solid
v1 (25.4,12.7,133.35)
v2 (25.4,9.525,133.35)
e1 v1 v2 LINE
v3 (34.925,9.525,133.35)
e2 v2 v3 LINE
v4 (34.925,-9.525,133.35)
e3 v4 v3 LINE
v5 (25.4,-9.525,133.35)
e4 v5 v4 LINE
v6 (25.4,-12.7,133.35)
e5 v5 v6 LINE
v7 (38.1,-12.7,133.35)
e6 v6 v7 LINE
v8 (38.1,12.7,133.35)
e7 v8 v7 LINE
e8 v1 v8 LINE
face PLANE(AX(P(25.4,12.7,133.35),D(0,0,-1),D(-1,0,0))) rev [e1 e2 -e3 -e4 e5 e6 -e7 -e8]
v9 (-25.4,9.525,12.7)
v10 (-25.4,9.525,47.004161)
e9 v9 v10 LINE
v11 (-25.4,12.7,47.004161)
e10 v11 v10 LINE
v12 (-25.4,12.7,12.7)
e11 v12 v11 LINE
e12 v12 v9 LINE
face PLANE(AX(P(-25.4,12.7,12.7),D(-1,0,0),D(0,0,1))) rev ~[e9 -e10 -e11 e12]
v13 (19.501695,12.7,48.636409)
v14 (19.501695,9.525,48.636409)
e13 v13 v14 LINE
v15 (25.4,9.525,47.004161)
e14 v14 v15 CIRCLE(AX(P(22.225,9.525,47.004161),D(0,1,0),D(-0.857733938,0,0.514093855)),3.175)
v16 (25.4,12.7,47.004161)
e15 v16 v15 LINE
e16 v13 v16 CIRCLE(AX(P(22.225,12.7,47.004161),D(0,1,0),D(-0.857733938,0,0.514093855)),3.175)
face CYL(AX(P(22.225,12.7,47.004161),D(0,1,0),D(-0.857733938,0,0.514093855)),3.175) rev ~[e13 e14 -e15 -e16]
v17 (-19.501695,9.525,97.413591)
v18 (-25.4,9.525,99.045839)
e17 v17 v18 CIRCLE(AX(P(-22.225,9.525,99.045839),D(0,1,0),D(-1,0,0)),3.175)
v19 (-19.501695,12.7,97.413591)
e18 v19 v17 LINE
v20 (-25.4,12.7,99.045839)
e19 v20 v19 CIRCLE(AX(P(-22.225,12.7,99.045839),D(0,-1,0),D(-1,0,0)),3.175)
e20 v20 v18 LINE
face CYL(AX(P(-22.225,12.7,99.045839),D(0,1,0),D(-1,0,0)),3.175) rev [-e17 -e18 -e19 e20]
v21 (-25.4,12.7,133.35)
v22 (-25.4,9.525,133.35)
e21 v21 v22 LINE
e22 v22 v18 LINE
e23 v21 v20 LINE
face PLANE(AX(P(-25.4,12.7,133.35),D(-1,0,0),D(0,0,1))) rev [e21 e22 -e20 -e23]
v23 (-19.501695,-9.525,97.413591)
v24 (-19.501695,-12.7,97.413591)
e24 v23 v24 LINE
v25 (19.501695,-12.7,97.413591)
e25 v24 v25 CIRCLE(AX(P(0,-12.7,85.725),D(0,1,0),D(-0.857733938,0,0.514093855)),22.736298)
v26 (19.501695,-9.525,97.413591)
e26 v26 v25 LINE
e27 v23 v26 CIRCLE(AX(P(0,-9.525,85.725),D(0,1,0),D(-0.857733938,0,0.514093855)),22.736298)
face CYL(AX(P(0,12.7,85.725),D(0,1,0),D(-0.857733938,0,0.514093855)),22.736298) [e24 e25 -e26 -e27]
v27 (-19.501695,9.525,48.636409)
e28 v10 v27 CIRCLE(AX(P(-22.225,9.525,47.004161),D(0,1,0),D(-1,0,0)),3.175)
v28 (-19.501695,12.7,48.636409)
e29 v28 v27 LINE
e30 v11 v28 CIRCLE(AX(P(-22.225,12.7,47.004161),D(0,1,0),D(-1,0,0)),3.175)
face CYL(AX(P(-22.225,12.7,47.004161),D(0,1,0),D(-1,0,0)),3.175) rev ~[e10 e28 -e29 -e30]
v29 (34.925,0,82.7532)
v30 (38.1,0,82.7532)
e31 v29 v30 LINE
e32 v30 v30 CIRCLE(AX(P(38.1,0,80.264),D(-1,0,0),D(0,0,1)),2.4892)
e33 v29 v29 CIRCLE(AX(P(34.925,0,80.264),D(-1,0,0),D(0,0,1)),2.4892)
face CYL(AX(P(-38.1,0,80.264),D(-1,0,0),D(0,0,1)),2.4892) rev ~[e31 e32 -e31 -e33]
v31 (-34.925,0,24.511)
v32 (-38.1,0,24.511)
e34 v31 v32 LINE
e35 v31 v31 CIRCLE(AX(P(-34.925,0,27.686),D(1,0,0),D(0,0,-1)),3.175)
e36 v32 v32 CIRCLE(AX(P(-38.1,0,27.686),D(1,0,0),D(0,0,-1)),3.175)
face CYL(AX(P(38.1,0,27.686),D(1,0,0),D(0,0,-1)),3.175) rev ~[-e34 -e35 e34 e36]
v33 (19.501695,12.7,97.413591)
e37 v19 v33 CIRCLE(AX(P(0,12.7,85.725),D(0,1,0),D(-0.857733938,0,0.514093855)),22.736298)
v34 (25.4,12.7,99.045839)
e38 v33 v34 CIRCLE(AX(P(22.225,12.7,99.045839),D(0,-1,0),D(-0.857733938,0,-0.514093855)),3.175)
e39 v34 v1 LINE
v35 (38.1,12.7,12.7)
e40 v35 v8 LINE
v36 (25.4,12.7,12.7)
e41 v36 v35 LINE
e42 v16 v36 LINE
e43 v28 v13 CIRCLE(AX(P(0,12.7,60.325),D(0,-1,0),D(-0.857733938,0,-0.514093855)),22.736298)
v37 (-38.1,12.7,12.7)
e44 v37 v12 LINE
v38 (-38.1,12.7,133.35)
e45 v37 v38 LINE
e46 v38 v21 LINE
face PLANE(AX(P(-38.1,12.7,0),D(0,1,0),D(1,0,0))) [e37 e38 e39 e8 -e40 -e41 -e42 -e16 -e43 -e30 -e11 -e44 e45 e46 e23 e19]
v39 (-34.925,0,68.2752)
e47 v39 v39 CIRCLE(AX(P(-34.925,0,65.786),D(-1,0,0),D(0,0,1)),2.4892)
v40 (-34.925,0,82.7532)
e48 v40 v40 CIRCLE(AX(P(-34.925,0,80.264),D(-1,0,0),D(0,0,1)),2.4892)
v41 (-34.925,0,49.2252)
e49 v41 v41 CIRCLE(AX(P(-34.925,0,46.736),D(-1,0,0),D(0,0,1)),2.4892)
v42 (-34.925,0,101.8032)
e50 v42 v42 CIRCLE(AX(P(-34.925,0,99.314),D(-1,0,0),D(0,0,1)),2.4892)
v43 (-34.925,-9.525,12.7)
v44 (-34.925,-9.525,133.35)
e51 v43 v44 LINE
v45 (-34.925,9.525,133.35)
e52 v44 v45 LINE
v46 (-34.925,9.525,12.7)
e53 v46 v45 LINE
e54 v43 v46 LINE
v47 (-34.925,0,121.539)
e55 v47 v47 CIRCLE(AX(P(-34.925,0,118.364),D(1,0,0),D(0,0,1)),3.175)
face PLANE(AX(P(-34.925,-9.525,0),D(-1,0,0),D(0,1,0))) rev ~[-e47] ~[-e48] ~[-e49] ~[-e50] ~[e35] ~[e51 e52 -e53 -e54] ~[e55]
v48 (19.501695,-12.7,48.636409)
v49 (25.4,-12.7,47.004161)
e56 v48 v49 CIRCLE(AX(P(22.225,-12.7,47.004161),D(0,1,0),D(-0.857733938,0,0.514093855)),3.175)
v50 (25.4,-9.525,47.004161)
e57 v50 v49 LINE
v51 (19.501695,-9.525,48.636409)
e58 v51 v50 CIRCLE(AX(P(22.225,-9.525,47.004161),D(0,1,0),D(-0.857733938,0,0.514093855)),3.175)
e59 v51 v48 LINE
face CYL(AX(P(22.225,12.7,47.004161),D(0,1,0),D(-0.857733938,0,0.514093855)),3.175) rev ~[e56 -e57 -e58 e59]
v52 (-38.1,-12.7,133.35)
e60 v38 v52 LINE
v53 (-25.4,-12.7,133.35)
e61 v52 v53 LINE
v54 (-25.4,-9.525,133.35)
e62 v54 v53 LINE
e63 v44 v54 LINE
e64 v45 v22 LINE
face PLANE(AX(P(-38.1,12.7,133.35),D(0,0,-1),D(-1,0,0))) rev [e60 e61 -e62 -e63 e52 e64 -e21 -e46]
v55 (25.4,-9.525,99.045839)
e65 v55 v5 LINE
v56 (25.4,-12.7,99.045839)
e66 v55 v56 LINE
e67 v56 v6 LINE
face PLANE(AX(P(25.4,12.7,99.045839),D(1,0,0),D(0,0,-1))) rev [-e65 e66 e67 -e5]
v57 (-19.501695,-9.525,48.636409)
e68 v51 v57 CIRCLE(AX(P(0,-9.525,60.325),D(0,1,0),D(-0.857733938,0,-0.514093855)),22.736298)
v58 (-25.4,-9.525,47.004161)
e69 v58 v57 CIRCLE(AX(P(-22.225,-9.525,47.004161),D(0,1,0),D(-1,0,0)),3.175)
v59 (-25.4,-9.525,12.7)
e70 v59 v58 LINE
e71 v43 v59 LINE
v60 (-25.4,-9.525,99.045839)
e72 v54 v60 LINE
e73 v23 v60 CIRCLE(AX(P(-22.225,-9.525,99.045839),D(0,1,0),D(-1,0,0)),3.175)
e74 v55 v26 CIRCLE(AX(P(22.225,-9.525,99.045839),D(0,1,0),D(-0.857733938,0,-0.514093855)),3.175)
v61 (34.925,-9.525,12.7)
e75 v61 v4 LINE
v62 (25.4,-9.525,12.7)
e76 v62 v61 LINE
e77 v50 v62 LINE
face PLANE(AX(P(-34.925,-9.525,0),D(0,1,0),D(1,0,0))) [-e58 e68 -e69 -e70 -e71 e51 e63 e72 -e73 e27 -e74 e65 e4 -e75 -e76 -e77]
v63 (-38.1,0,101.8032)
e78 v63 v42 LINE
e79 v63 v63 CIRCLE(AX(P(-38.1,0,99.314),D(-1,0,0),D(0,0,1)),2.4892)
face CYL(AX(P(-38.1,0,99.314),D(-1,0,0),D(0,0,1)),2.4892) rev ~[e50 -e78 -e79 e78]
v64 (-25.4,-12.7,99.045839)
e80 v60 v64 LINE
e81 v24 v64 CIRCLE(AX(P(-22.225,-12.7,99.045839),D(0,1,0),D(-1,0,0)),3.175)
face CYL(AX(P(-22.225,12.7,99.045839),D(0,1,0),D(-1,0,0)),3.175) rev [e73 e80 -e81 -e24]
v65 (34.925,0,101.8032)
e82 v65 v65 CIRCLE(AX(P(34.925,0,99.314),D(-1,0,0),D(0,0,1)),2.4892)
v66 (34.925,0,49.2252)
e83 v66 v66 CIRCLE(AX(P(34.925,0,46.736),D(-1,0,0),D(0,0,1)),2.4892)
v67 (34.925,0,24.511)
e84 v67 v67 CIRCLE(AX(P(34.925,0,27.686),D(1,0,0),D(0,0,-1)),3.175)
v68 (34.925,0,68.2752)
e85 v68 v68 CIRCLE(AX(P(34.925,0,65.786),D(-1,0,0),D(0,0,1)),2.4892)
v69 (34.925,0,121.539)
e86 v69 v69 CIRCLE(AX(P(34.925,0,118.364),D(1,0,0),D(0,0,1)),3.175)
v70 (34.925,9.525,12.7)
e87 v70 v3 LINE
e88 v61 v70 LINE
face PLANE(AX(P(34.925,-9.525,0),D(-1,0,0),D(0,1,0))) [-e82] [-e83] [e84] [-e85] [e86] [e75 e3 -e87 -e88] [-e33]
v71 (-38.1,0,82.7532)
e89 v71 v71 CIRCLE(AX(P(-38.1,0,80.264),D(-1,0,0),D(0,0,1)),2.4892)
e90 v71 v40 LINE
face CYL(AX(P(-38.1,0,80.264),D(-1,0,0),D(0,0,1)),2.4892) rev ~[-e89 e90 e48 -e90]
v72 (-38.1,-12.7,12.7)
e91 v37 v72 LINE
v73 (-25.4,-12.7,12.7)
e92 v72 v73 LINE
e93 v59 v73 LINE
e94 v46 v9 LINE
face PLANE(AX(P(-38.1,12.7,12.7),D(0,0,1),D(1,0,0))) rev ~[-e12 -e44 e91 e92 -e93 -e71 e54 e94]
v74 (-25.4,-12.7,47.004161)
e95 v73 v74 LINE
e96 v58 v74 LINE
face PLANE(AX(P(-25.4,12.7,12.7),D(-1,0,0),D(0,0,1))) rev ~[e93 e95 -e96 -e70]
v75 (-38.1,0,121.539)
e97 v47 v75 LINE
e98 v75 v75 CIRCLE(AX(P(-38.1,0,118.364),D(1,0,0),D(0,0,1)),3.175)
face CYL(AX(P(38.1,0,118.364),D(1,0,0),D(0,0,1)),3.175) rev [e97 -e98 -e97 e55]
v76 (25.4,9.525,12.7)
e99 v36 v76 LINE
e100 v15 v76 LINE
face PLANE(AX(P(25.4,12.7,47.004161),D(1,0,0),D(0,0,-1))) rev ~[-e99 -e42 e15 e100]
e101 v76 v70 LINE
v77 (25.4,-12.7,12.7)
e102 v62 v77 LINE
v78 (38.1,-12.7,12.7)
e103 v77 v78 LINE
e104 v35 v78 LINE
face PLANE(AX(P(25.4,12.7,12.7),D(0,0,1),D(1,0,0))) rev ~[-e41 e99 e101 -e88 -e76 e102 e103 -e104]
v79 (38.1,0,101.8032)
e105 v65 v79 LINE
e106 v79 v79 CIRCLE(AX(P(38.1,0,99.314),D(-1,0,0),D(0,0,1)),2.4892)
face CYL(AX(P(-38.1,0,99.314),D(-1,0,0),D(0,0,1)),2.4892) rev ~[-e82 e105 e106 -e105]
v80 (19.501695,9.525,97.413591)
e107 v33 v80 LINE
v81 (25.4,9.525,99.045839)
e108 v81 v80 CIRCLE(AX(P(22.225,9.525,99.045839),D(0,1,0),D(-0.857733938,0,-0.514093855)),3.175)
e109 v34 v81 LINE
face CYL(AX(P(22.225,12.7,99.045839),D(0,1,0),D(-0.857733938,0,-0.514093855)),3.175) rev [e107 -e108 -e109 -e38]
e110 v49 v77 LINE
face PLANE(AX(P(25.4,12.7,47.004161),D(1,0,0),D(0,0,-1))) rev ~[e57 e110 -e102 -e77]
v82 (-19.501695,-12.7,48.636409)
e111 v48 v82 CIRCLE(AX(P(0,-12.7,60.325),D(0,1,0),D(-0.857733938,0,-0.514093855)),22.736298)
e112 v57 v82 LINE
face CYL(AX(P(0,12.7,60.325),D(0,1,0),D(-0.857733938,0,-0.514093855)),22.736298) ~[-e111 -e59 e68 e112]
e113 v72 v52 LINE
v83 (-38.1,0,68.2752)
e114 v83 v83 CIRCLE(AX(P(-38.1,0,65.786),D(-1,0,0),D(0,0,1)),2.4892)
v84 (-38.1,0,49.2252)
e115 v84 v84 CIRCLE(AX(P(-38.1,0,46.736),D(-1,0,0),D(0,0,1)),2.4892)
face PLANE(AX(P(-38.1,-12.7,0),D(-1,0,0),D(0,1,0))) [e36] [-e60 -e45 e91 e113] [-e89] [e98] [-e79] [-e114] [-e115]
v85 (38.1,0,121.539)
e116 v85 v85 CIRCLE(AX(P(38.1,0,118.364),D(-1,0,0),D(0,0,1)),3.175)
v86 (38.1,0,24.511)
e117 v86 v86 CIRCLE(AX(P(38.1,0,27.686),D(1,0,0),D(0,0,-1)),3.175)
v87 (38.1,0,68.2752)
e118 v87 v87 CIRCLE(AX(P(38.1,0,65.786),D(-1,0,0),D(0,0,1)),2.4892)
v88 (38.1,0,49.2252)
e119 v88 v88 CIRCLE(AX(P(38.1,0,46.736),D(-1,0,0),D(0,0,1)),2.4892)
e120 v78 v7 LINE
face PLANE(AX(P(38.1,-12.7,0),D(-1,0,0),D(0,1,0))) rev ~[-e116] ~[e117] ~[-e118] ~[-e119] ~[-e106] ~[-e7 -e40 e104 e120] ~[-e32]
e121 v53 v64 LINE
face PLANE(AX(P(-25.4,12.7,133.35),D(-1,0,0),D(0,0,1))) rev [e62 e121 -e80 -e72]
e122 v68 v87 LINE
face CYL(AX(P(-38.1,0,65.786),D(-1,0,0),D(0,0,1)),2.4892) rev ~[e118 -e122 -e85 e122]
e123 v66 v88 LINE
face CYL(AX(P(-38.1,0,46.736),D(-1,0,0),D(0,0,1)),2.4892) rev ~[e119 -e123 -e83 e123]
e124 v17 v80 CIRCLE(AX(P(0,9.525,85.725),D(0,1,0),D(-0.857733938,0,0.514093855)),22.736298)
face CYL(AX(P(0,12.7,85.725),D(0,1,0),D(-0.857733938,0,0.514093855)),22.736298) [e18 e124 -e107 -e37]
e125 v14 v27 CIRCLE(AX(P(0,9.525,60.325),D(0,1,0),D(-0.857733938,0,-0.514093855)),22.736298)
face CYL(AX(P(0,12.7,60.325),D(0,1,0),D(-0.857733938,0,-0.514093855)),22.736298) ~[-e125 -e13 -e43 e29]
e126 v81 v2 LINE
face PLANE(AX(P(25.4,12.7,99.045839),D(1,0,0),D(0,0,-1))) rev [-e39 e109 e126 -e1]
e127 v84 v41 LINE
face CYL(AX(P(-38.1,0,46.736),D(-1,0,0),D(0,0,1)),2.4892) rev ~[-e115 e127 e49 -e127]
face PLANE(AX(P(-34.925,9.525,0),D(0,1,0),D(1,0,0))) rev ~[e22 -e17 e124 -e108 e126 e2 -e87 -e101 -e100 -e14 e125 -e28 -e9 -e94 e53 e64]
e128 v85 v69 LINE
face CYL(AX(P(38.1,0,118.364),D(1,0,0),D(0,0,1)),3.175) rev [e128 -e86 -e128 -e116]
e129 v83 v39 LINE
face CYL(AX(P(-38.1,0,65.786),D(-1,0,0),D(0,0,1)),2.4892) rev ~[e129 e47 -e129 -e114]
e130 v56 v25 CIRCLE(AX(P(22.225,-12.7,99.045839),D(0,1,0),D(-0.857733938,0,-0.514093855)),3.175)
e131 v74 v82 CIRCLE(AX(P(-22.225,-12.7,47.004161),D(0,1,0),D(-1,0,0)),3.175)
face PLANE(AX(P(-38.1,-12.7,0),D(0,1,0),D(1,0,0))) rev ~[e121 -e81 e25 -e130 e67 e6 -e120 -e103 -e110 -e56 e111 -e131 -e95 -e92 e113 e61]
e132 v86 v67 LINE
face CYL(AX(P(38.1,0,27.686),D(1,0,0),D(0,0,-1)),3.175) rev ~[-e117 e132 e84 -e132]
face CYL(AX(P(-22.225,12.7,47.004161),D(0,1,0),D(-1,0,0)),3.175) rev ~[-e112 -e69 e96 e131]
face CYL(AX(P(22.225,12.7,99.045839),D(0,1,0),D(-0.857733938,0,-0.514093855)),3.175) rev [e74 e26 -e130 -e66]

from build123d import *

# Parameters (mm, degrees)
SKETCH1_W           = 76.2
SKETCH1_H           = 25.4
SKETCH1_W_2         = 69.85
SKETCH1_H_2         = 19.05
EXTRUDE_THIN1_DEPTH = 146.05
CUT_EXTRUDE7_DEPTH  = 26.4
SKETCH7_R           = 3.175
CUT_EXTRUDE8_DEPTH  = 77.2
SKETCH8_R           = 2.4892
CUT_EXTRUDE9_DEPTH  = 77.2


with BuildPart() as part:
    # Sketch1 → Extrude-Thin1 (new body)
    with BuildSketch(Plane.XY):
        Rectangle(SKETCH1_W, SKETCH1_H)
        Rectangle(SKETCH1_W_2, SKETCH1_H_2, mode=Mode.SUBTRACT)
    extrude(amount=EXTRUDE_THIN1_DEPTH)

    # Sketch6 → Cut-Extrude7 (cut, through all)
    with BuildSketch(Plane(origin=(0, 12.7, 0), x_dir=(1, 0, 0), z_dir=(0, 1, 0))):
        with BuildLine():
            Line((-38.1, 0), (-38.1, -12.7))
            Line((-38.1, -12.7), (-25.4, -12.7))
            Line((-25.4, -12.7), (-25.4, -47.004160739))
            ThreePointArc((-25.4, -47.004160739), (-23.071797148, -50.064154136), (-19.501694746, -48.636408727))
            ThreePointArc((-19.501694746, -48.636408727), (0, -37.588701622), (19.501694746, -48.636408727))
            ThreePointArc((19.501694746, -48.636408727), (23.071797148, -50.064154136), (25.4, -47.004160739))
            Line((25.4, -47.004160739), (25.4, -12.7))
            Line((25.4, -12.7), (38.1, -12.7))
            Line((38.1, -12.7), (38.1, 0))
            Line((38.1, 0), (-38.1, 0))
        make_face()
    cut_extrude7 = extrude(amount=-CUT_EXTRUDE7_DEPTH, mode=Mode.SUBTRACT)

    # Sketch7 → Cut-Extrude8 (cut, through all)
    with BuildSketch(Plane(origin=(38.1, 0, 0), x_dir=(0, 0, -1), z_dir=(1, 0, 0))):
        with Locations((-27.686, 0)):
            Circle(SKETCH7_R)
    cut_extrude8 = extrude(amount=-CUT_EXTRUDE8_DEPTH, mode=Mode.SUBTRACT)

    # Mirror3: Cut-Extrude7, Cut-Extrude8 across plane
    add(cut_extrude7.mirror(Plane.XY.offset(73.025)), mode=Mode.SUBTRACT)
    add(cut_extrude8.mirror(Plane.XY.offset(73.025)), mode=Mode.SUBTRACT)

    # Sketch8 → Cut-Extrude9 (cut, through all)
    with BuildSketch(Plane.ZY.offset(38.1)):
        with Locations((46.736, 0)):
            Circle(SKETCH8_R)
        with Locations((99.314, 0)):
            Circle(SKETCH8_R)
        with Locations((80.264, 0)):
            Circle(SKETCH8_R)
        with Locations((65.786, 0)):
            Circle(SKETCH8_R)
    extrude(amount=-CUT_EXTRUDE9_DEPTH, mode=Mode.SUBTRACT)


solid = part.part
